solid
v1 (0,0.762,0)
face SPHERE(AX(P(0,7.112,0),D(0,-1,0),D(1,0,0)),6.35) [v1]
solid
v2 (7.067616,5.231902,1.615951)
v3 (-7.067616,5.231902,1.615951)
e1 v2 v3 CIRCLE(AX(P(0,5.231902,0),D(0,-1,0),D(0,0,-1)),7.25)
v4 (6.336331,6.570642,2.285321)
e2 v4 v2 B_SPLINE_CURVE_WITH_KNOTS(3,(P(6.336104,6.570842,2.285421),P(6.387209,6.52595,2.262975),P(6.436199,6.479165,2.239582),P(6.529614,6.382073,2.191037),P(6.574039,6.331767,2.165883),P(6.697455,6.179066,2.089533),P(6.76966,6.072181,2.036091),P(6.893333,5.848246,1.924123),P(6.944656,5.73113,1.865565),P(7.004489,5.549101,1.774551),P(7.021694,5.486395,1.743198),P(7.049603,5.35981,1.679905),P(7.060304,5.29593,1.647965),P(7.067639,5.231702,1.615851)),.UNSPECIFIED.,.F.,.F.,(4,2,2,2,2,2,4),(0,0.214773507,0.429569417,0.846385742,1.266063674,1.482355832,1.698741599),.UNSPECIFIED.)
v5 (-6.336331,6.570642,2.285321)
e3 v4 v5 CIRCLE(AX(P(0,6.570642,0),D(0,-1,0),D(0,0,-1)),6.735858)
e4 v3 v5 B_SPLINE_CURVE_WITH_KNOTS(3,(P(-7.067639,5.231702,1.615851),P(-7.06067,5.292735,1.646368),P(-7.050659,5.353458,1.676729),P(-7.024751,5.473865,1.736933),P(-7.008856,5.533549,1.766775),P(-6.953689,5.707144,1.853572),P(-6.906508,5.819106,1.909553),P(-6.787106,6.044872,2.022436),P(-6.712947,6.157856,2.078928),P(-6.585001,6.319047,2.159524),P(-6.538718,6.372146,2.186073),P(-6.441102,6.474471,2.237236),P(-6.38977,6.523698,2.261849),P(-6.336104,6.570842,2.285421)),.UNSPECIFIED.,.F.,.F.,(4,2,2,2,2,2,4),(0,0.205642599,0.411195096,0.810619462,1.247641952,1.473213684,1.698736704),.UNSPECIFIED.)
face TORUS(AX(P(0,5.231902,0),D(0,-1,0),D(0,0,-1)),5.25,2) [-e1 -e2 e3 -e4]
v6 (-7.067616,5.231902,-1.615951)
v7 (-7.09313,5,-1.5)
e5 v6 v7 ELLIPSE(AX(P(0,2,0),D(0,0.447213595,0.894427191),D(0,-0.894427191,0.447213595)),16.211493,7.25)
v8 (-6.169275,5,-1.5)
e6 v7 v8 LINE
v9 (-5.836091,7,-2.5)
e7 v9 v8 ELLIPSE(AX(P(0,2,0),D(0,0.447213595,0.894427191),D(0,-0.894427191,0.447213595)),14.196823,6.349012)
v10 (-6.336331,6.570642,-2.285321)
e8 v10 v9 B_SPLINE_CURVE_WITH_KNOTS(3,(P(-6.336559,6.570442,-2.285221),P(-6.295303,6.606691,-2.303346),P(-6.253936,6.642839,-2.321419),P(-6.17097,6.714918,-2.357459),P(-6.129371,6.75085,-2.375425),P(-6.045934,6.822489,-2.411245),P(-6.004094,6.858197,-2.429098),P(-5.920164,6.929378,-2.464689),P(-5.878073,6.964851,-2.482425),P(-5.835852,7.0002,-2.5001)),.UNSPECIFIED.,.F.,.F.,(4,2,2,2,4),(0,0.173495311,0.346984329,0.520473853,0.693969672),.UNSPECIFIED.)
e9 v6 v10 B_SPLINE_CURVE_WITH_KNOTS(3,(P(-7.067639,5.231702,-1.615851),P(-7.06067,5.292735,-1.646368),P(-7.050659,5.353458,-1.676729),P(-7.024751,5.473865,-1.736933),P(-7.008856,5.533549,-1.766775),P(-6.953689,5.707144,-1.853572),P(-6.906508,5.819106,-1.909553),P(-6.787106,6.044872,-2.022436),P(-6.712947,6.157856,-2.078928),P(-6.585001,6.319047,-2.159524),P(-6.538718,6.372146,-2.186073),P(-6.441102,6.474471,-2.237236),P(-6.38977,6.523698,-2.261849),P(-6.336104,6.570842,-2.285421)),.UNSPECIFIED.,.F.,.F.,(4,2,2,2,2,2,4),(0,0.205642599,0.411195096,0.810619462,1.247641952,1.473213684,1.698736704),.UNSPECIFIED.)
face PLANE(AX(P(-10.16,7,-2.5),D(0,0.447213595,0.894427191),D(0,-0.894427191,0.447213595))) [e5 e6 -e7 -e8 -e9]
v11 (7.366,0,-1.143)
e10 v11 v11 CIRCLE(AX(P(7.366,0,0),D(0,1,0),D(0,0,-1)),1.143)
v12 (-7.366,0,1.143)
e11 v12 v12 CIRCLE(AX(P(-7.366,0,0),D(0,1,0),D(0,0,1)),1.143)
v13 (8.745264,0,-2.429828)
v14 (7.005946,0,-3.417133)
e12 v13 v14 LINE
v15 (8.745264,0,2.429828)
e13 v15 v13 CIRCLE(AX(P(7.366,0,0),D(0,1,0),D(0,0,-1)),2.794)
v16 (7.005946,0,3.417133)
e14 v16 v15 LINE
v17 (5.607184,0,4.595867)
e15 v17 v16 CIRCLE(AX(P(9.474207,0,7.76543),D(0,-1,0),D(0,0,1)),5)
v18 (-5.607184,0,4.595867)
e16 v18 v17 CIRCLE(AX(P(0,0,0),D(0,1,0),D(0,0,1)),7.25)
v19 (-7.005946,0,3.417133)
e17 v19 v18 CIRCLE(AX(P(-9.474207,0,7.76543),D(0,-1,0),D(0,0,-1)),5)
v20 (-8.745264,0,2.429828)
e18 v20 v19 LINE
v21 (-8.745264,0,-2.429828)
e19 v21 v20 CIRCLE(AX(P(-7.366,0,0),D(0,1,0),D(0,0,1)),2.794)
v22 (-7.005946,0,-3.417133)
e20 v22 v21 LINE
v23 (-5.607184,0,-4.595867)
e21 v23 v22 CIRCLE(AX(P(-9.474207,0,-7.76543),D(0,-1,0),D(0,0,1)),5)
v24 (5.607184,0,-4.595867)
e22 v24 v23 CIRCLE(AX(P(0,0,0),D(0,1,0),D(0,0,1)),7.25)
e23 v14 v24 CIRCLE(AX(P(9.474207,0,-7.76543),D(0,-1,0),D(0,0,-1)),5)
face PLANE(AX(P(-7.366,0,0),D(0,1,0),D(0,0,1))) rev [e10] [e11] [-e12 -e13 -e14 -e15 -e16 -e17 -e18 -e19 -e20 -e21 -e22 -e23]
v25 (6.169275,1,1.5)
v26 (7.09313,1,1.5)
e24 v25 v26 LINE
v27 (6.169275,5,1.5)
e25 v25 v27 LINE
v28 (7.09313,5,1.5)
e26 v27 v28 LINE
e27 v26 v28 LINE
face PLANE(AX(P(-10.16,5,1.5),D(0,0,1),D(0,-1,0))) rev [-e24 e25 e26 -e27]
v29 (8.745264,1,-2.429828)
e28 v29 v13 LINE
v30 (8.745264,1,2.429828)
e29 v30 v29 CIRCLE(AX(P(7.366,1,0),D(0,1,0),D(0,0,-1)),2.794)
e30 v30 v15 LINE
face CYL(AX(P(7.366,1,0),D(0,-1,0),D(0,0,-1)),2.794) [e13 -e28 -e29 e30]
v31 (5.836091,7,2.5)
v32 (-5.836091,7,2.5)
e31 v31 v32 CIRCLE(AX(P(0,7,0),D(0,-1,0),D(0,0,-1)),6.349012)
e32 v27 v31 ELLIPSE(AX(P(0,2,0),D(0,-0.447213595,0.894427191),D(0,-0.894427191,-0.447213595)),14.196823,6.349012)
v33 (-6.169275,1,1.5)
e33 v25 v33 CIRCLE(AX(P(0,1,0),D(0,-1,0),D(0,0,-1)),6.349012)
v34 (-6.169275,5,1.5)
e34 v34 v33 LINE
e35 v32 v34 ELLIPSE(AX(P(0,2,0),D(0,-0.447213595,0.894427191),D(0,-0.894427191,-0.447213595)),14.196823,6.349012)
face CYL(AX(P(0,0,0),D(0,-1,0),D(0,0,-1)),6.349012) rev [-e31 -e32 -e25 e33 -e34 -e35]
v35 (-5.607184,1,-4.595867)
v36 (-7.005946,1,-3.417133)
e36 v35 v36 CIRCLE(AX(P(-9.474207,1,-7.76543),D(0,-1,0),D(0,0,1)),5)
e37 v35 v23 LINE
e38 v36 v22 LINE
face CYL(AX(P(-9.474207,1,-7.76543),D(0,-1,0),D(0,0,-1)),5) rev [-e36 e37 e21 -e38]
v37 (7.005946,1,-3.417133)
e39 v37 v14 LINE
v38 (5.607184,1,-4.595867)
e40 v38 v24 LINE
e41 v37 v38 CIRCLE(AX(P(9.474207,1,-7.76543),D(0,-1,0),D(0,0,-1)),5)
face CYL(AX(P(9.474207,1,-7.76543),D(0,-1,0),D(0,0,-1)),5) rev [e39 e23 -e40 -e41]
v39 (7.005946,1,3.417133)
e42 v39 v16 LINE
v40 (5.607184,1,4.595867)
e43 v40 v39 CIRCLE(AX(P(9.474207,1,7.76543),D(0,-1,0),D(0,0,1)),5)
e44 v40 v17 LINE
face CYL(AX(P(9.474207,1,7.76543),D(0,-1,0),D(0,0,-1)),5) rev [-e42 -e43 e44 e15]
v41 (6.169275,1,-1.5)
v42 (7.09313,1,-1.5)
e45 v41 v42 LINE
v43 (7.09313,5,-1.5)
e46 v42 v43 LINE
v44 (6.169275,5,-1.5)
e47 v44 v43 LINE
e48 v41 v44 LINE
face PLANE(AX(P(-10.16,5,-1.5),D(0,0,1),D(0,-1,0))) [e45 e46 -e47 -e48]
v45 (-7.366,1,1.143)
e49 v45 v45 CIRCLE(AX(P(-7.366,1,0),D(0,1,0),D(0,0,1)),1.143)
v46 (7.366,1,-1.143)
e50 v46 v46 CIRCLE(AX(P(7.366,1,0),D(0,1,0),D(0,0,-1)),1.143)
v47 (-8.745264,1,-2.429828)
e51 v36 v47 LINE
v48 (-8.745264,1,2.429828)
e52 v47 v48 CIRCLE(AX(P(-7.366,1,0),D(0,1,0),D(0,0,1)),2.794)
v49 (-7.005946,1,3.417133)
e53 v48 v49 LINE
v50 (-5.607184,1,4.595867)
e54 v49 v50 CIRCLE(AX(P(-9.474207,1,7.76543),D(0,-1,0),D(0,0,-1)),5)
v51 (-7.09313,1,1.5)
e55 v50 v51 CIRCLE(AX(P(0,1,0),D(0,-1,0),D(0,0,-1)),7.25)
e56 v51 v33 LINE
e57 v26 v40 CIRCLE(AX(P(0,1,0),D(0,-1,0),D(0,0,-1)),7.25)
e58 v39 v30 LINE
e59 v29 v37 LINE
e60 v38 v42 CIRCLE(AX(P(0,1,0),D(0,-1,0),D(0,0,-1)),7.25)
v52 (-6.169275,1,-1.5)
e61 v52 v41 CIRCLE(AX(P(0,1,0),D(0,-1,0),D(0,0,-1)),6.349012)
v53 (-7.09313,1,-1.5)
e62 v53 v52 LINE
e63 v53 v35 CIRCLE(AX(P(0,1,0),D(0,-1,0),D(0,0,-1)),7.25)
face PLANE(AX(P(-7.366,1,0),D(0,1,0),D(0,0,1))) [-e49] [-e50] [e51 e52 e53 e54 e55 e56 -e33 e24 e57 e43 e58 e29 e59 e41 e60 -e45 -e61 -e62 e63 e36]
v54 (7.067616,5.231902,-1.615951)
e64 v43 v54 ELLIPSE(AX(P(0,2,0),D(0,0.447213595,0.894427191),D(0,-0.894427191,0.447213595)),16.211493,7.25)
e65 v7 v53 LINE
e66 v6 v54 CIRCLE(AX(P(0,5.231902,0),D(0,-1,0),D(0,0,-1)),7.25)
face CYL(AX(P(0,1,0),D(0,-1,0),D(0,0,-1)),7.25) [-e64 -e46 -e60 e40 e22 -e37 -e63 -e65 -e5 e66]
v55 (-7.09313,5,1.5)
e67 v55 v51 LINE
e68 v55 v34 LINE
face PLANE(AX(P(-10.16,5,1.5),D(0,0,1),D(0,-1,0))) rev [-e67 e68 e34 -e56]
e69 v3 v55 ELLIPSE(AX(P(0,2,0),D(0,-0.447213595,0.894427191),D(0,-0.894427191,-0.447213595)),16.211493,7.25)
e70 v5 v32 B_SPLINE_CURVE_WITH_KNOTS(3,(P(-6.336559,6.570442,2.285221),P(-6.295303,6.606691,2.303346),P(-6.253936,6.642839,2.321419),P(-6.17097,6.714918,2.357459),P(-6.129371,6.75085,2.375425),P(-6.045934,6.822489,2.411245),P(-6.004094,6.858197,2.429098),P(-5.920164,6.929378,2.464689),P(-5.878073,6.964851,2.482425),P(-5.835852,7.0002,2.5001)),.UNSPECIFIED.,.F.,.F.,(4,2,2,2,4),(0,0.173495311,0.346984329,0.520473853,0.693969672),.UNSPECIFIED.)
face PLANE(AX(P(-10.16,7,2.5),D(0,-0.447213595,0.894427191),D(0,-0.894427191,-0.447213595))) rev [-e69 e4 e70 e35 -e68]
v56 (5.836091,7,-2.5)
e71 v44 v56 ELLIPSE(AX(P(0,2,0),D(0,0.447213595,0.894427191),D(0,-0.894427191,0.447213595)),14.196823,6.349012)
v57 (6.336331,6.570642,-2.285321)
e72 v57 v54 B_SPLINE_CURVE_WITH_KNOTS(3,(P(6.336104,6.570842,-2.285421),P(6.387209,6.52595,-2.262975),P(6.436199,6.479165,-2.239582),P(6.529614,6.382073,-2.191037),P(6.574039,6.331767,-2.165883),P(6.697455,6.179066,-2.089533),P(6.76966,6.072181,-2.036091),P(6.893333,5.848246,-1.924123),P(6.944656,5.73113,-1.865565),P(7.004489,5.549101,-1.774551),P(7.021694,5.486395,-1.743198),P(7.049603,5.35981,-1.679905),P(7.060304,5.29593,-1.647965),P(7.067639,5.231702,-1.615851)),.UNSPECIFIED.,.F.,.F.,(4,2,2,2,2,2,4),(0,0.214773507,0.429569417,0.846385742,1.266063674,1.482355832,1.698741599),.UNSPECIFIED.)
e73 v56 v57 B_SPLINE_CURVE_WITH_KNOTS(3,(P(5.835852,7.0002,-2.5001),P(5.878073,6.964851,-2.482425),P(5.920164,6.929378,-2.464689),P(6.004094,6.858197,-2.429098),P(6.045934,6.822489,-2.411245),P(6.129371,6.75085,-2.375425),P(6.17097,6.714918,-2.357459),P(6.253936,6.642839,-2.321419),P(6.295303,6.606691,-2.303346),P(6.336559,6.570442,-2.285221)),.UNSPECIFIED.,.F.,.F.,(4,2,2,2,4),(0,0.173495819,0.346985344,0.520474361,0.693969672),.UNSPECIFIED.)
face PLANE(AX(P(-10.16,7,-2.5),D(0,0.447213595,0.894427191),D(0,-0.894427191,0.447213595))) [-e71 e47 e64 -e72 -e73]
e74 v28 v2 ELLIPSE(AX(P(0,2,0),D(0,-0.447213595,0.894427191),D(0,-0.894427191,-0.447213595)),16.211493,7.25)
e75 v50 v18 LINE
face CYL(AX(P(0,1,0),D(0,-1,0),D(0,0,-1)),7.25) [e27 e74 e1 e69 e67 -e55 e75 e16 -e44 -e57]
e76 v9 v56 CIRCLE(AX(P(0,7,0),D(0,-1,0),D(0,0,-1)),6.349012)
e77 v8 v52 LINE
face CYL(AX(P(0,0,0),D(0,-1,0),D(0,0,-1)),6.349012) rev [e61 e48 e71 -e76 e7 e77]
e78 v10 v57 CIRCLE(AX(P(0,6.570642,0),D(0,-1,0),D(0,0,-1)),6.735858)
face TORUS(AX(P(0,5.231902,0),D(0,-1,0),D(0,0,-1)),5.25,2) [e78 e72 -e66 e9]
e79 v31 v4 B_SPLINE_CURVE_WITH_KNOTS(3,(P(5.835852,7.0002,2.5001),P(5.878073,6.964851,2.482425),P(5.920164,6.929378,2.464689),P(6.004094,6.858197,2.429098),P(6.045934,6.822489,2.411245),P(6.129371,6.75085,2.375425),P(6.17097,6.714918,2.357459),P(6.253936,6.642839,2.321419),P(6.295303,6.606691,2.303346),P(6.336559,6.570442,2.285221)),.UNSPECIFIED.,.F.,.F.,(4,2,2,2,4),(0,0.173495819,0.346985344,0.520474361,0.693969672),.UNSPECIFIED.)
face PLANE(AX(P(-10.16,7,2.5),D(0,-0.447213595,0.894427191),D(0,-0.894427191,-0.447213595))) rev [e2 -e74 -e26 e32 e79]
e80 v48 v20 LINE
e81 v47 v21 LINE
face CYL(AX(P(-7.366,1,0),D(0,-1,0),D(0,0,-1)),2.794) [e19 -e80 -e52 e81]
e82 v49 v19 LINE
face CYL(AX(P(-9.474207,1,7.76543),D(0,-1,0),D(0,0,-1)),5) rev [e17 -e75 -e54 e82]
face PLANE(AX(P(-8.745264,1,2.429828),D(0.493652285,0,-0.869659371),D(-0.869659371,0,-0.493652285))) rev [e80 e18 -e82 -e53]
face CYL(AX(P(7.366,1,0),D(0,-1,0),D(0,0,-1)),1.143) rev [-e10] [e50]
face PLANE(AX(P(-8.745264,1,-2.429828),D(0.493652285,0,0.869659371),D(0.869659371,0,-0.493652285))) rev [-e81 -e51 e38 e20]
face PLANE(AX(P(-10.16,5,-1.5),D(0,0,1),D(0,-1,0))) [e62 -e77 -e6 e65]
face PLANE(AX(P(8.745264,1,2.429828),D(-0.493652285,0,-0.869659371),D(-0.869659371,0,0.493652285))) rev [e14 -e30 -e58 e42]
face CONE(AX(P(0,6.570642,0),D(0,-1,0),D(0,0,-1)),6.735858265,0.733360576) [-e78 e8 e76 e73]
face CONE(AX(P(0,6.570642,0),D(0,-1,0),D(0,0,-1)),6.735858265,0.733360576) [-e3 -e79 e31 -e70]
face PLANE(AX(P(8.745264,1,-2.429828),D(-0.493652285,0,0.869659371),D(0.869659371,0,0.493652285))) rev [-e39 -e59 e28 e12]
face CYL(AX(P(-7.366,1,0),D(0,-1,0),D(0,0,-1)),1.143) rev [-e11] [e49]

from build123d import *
from build123d.topology import SkipClean

# Parameters (mm, degrees)
SKICA1_R                      = 1.143
P_IDAT_VYSUNUT_M1_DEPTH       = 1
ODEBRAT_VYSUNUT_M1_DEPTH      = 19.357928681
ODEBRAT_VYSUNUT_M1_DEPTH_BACK = 19.357928681


with BuildPart() as part:
    # Skica1 → Přidat vysunutím1 (new body)
    with BuildSketch(Plane(origin=(0, 0, 0), x_dir=(1, 0, 0), z_dir=(0, 1, 0))):
        with BuildLine():
            Line((-8.745264485, 2.429828282), (-7.005945743, 3.417132853))
            ThreePointArc((-7.005945743, 3.417132853), (-6.252202895, 3.941990357), (-5.607183834, 4.595866561))
            ThreePointArc((-5.607183834, 4.595866561), (0, 7.25), (5.607183834, 4.595866561))
            ThreePointArc((5.607183834, 4.595866561), (6.252202895, 3.941990357), (7.005945743, 3.417132853))
            Line((7.005945743, 3.417132853), (8.745264485, 2.429828282))
            ThreePointArc((8.745264485, 2.429828282), (10.16, 0), (8.745264485, -2.429828282))
            Line((8.745264485, -2.429828282), (7.005945743, -3.417132853))
            ThreePointArc((7.005945743, -3.417132853), (6.252202895, -3.941990357), (5.607183834, -4.595866561))
            ThreePointArc((5.607183834, -4.595866561), (0, -7.25), (-5.607183834, -4.595866561))
            ThreePointArc((-5.607183834, -4.595866561), (-6.252202895, -3.941990357), (-7.005945743, -3.417132853))
            Line((-7.005945743, -3.417132853), (-8.745264485, -2.429828282))
            ThreePointArc((-8.745264485, -2.429828282), (-10.16, 0), (-8.745264485, 2.429828282))
        make_face()
        with Locations(Location((-7.366, 0, 0), (0, 0, 270))):
            Circle(SKICA1_R, mode=Mode.SUBTRACT)
        with Locations(Location((7.366, 0, 0), (0, 0, 90))):
            Circle(SKICA1_R, mode=Mode.SUBTRACT)
    extrude(amount=P_IDAT_VYSUNUT_M1_DEPTH)

    # Skica3 → Rotovat5 (revolve)
    with SkipClean():  # the faces are left unmerged after this step: merging them gives an invalid solid
        with BuildSketch(Plane(origin=(0, 0, 0), x_dir=(0, 0, -1), z_dir=(1, 0, 0))):
            with BuildLine():
                Line((7.25, 1), (7.25, 5.231902127))
                ThreePointArc((7.25, 5.231902127), (7.11704533, 5.9489389), (6.735858265, 6.570642287))
                Line((6.735858265, 6.570642287), (6.349012207, 7))
                Line((6.349012207, 7), (6.349012207, 1))
                Line((6.349012207, 1), (7.25, 1))
            make_face()
        revolve(axis=Axis((0, 0, 0), (0, 1, 0)))

    # Skica4 → Odebrat vysunutím1 (cut, two sides: drawn at the far end of the back side and taken through both)
    with SkipClean():  # the faces are left unmerged after this step: merging them gives an invalid solid
        with BuildSketch(Plane(origin=(0, 0, 0), x_dir=(0, 0, -1), z_dir=(1, 0, 0)).offset(-ODEBRAT_VYSUNUT_M1_DEPTH_BACK)):
            Polygon((-2.5, 7), (-1.5, 5), (-1.5, 1), (1.5, 1), (1.5, 5), (2.5, 7), align=None)
        extrude(amount=ODEBRAT_VYSUNUT_M1_DEPTH + ODEBRAT_VYSUNUT_M1_DEPTH_BACK, mode=Mode.SUBTRACT)


with BuildPart() as body_2:
    # Skica2 → Rotovat2 (revolve)
    with BuildSketch(Plane.XY):
        with BuildLine():
            Line((0, 13.462), (0, 0.762))
            ThreePointArc((0, 0.762), (6.35, 7.112), (0, 13.462))
        make_face()
    revolve(axis=Axis((0, 0, 0), (0, 1, 0)))


solid = Compound([part.part, body_2.part])
